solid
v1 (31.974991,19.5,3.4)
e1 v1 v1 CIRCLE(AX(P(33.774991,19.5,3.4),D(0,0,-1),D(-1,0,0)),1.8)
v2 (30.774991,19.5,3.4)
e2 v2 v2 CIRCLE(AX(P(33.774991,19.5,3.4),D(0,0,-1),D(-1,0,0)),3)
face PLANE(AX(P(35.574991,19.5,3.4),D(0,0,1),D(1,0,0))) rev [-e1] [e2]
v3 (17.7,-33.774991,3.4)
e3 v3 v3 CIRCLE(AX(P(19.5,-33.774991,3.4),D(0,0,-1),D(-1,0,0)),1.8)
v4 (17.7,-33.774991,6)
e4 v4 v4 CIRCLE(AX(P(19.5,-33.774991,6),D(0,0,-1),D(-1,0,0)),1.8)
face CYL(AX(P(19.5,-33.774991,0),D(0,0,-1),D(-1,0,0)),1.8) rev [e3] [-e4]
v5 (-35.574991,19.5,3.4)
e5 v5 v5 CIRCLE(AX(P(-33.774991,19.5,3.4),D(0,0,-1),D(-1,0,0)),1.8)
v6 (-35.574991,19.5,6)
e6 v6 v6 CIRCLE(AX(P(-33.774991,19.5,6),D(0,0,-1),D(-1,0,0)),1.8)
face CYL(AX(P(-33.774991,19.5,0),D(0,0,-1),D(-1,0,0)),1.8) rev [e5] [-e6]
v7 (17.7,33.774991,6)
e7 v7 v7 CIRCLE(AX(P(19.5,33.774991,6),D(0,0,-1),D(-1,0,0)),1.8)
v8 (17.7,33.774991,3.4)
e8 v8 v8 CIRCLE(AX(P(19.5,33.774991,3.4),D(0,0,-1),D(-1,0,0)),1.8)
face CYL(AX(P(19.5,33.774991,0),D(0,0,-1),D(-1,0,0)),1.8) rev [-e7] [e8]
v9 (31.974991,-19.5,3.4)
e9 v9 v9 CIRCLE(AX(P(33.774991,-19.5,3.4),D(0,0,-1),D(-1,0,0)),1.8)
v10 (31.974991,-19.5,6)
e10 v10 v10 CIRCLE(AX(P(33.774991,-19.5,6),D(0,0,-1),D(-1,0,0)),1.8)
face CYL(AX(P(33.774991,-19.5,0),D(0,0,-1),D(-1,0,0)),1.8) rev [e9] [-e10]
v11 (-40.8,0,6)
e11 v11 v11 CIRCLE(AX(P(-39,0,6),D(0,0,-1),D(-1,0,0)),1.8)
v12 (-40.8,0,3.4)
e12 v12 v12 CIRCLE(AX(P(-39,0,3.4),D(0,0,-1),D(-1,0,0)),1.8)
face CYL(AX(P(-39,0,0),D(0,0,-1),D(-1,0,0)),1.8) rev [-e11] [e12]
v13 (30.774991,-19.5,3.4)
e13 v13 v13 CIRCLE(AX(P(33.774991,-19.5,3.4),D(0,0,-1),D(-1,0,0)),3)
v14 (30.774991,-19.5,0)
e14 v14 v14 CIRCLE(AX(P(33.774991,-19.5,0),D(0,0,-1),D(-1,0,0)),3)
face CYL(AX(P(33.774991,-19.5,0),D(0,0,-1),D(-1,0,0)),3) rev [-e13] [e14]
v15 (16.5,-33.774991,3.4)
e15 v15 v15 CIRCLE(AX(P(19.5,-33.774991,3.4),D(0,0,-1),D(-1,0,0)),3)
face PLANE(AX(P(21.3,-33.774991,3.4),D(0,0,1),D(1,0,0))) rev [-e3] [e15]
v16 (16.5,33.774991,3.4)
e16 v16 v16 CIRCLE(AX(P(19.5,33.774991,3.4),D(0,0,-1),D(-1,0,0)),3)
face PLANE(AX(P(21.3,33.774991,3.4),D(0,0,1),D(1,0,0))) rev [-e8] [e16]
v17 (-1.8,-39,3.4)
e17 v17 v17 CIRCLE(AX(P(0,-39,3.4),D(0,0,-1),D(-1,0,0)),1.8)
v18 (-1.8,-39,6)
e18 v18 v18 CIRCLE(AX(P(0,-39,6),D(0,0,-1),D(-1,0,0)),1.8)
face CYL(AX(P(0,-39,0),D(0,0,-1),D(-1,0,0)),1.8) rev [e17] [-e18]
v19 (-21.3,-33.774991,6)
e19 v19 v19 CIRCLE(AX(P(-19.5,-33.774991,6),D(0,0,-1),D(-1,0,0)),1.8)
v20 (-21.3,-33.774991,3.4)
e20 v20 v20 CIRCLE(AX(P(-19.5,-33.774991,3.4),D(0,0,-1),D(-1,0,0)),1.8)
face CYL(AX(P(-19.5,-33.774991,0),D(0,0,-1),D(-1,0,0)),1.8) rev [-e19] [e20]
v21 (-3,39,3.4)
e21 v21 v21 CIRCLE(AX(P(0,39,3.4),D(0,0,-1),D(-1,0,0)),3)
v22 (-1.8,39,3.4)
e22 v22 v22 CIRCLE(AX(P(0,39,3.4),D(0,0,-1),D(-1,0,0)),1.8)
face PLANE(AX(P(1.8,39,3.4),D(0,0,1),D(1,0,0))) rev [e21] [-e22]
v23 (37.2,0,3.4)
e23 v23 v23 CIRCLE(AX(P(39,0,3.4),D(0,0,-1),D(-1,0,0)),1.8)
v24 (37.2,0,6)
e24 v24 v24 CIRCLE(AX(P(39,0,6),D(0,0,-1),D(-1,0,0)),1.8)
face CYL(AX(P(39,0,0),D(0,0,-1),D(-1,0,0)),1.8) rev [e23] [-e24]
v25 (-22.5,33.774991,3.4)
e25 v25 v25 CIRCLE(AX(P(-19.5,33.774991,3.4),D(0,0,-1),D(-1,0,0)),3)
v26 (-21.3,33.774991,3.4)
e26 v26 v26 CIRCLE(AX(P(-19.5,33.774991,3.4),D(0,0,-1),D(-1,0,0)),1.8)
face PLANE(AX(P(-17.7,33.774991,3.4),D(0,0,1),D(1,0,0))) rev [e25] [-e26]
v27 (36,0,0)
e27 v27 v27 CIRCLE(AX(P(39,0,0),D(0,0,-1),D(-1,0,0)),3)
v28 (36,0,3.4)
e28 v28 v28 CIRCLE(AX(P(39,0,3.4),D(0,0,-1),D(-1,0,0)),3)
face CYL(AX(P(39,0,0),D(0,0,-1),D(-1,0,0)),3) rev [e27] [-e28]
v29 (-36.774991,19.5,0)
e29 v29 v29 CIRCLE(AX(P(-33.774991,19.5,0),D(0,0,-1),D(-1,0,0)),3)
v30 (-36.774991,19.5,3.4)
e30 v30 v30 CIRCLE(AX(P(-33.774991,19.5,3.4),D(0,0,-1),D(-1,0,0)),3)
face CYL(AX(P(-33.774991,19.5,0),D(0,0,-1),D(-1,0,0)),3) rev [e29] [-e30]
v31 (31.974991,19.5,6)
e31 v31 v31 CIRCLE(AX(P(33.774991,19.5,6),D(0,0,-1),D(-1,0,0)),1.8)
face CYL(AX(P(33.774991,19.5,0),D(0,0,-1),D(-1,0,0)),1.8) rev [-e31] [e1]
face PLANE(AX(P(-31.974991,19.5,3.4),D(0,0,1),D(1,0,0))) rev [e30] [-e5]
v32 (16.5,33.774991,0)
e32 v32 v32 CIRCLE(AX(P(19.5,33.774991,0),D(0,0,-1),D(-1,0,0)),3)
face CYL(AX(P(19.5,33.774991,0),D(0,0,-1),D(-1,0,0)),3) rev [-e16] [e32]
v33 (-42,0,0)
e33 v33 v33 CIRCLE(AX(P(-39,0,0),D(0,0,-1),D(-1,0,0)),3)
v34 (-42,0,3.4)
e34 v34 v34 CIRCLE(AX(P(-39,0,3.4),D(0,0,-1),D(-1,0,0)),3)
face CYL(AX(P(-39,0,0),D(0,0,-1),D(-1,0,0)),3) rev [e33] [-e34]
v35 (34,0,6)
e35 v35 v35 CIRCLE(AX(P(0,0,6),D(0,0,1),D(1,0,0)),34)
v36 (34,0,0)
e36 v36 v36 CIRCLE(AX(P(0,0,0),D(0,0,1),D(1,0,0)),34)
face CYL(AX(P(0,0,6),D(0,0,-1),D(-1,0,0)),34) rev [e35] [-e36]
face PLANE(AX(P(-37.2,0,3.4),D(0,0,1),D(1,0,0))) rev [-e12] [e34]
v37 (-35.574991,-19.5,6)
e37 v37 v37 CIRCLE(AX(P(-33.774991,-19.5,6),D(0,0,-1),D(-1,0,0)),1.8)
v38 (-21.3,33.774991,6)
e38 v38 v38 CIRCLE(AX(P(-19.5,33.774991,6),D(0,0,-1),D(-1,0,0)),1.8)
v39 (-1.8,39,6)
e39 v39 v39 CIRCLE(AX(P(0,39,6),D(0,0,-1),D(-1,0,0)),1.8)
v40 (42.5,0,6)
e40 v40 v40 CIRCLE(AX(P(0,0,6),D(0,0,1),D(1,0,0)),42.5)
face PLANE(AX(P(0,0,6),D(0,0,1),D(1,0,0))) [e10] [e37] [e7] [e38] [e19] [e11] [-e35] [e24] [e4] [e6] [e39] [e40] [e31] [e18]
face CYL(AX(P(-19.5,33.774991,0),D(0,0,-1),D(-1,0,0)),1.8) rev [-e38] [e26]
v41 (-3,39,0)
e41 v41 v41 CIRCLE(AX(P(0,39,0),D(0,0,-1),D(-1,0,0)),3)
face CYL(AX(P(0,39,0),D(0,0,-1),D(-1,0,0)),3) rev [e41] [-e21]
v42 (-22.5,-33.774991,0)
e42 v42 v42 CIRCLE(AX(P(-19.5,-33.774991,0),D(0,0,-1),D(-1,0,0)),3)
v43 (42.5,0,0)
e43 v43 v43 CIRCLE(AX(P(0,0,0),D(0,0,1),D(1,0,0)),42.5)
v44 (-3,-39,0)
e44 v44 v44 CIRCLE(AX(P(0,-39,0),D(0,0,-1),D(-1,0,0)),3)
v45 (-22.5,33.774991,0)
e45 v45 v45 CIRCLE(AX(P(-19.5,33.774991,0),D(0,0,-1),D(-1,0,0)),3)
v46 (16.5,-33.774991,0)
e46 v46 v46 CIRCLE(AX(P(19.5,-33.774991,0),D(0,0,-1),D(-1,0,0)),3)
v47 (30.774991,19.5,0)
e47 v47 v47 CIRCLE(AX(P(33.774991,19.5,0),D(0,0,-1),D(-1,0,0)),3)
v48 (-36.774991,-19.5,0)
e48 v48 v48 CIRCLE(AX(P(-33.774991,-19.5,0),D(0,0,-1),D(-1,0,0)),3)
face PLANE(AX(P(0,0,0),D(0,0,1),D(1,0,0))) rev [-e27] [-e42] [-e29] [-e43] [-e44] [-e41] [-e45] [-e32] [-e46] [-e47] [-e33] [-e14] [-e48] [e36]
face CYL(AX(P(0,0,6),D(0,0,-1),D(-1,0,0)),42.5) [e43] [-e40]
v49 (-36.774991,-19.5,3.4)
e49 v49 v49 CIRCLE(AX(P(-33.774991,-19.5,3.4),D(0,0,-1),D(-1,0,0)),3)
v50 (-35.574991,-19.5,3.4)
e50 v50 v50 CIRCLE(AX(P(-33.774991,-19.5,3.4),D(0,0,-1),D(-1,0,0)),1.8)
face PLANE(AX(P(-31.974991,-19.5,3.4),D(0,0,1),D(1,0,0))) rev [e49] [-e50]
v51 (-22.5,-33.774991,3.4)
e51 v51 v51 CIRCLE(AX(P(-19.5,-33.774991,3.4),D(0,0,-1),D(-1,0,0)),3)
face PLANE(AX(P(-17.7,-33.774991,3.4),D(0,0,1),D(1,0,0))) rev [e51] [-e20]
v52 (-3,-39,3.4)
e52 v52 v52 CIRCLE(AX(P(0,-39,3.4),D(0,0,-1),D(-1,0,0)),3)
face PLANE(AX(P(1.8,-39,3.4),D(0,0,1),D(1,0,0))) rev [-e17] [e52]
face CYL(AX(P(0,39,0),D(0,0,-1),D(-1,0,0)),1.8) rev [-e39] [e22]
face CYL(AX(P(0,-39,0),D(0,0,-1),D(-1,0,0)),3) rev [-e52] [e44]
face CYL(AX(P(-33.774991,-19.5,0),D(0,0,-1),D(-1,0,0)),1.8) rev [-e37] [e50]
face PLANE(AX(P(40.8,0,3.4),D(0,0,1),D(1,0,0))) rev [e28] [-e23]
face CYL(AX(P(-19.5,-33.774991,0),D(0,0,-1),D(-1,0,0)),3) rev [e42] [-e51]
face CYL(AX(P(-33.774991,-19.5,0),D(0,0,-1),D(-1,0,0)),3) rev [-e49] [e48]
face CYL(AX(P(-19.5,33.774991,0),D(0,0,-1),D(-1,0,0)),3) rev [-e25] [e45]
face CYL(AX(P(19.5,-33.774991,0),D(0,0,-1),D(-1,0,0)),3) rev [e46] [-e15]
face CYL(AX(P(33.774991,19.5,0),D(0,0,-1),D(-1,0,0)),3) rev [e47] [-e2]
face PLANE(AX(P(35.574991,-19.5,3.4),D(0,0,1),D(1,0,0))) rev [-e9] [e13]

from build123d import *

# Parameters (mm, degrees)
SKETCH_1_R                = 42.5
SKETCH_1_R_2              = 34
EXTRUDE_1_DEPTH           = 6
HOLE_WIZARD_1_D           = 3.6
HOLE_WIZARD_1_CBORE_D     = 6
HOLE_WIZARD_1_CBORE_DEPTH = 3.4
PATTERN_CIRCULAR_1_COUNT  = 12


with BuildPart() as part:
    # 草图1 → 凸台-拉伸1 (new body)
    with BuildSketch(Plane.XY):
        Circle(SKETCH_1_R)
        Circle(SKETCH_1_R_2, mode=Mode.SUBTRACT)
    extrude(amount=EXTRUDE_1_DEPTH)

    # 打孔尺寸(%根据)内六角圆柱头螺钉的类型1 (through all)
    with Locations(Plane(origin=(0, 0, 0), x_dir=(-1, 0, 0), z_dir=(0, 0, -1))):
        with Locations((0, 39)):
            hole_wizard_1 = CounterBoreHole(HOLE_WIZARD_1_D / 2, HOLE_WIZARD_1_CBORE_D / 2, HOLE_WIZARD_1_CBORE_DEPTH)

    # 阵列(圆周)1: 打孔尺寸(%根据)内六角圆柱头螺钉的类型1 ×12 about axis
    pattern_circular_1_axis = Axis((0, 0, 6), (0, 0, -1))
    for i in range(1, PATTERN_CIRCULAR_1_COUNT):
        add(hole_wizard_1.rotate(pattern_circular_1_axis, i * 360 / PATTERN_CIRCULAR_1_COUNT), mode=Mode.SUBTRACT)


solid = part.part
